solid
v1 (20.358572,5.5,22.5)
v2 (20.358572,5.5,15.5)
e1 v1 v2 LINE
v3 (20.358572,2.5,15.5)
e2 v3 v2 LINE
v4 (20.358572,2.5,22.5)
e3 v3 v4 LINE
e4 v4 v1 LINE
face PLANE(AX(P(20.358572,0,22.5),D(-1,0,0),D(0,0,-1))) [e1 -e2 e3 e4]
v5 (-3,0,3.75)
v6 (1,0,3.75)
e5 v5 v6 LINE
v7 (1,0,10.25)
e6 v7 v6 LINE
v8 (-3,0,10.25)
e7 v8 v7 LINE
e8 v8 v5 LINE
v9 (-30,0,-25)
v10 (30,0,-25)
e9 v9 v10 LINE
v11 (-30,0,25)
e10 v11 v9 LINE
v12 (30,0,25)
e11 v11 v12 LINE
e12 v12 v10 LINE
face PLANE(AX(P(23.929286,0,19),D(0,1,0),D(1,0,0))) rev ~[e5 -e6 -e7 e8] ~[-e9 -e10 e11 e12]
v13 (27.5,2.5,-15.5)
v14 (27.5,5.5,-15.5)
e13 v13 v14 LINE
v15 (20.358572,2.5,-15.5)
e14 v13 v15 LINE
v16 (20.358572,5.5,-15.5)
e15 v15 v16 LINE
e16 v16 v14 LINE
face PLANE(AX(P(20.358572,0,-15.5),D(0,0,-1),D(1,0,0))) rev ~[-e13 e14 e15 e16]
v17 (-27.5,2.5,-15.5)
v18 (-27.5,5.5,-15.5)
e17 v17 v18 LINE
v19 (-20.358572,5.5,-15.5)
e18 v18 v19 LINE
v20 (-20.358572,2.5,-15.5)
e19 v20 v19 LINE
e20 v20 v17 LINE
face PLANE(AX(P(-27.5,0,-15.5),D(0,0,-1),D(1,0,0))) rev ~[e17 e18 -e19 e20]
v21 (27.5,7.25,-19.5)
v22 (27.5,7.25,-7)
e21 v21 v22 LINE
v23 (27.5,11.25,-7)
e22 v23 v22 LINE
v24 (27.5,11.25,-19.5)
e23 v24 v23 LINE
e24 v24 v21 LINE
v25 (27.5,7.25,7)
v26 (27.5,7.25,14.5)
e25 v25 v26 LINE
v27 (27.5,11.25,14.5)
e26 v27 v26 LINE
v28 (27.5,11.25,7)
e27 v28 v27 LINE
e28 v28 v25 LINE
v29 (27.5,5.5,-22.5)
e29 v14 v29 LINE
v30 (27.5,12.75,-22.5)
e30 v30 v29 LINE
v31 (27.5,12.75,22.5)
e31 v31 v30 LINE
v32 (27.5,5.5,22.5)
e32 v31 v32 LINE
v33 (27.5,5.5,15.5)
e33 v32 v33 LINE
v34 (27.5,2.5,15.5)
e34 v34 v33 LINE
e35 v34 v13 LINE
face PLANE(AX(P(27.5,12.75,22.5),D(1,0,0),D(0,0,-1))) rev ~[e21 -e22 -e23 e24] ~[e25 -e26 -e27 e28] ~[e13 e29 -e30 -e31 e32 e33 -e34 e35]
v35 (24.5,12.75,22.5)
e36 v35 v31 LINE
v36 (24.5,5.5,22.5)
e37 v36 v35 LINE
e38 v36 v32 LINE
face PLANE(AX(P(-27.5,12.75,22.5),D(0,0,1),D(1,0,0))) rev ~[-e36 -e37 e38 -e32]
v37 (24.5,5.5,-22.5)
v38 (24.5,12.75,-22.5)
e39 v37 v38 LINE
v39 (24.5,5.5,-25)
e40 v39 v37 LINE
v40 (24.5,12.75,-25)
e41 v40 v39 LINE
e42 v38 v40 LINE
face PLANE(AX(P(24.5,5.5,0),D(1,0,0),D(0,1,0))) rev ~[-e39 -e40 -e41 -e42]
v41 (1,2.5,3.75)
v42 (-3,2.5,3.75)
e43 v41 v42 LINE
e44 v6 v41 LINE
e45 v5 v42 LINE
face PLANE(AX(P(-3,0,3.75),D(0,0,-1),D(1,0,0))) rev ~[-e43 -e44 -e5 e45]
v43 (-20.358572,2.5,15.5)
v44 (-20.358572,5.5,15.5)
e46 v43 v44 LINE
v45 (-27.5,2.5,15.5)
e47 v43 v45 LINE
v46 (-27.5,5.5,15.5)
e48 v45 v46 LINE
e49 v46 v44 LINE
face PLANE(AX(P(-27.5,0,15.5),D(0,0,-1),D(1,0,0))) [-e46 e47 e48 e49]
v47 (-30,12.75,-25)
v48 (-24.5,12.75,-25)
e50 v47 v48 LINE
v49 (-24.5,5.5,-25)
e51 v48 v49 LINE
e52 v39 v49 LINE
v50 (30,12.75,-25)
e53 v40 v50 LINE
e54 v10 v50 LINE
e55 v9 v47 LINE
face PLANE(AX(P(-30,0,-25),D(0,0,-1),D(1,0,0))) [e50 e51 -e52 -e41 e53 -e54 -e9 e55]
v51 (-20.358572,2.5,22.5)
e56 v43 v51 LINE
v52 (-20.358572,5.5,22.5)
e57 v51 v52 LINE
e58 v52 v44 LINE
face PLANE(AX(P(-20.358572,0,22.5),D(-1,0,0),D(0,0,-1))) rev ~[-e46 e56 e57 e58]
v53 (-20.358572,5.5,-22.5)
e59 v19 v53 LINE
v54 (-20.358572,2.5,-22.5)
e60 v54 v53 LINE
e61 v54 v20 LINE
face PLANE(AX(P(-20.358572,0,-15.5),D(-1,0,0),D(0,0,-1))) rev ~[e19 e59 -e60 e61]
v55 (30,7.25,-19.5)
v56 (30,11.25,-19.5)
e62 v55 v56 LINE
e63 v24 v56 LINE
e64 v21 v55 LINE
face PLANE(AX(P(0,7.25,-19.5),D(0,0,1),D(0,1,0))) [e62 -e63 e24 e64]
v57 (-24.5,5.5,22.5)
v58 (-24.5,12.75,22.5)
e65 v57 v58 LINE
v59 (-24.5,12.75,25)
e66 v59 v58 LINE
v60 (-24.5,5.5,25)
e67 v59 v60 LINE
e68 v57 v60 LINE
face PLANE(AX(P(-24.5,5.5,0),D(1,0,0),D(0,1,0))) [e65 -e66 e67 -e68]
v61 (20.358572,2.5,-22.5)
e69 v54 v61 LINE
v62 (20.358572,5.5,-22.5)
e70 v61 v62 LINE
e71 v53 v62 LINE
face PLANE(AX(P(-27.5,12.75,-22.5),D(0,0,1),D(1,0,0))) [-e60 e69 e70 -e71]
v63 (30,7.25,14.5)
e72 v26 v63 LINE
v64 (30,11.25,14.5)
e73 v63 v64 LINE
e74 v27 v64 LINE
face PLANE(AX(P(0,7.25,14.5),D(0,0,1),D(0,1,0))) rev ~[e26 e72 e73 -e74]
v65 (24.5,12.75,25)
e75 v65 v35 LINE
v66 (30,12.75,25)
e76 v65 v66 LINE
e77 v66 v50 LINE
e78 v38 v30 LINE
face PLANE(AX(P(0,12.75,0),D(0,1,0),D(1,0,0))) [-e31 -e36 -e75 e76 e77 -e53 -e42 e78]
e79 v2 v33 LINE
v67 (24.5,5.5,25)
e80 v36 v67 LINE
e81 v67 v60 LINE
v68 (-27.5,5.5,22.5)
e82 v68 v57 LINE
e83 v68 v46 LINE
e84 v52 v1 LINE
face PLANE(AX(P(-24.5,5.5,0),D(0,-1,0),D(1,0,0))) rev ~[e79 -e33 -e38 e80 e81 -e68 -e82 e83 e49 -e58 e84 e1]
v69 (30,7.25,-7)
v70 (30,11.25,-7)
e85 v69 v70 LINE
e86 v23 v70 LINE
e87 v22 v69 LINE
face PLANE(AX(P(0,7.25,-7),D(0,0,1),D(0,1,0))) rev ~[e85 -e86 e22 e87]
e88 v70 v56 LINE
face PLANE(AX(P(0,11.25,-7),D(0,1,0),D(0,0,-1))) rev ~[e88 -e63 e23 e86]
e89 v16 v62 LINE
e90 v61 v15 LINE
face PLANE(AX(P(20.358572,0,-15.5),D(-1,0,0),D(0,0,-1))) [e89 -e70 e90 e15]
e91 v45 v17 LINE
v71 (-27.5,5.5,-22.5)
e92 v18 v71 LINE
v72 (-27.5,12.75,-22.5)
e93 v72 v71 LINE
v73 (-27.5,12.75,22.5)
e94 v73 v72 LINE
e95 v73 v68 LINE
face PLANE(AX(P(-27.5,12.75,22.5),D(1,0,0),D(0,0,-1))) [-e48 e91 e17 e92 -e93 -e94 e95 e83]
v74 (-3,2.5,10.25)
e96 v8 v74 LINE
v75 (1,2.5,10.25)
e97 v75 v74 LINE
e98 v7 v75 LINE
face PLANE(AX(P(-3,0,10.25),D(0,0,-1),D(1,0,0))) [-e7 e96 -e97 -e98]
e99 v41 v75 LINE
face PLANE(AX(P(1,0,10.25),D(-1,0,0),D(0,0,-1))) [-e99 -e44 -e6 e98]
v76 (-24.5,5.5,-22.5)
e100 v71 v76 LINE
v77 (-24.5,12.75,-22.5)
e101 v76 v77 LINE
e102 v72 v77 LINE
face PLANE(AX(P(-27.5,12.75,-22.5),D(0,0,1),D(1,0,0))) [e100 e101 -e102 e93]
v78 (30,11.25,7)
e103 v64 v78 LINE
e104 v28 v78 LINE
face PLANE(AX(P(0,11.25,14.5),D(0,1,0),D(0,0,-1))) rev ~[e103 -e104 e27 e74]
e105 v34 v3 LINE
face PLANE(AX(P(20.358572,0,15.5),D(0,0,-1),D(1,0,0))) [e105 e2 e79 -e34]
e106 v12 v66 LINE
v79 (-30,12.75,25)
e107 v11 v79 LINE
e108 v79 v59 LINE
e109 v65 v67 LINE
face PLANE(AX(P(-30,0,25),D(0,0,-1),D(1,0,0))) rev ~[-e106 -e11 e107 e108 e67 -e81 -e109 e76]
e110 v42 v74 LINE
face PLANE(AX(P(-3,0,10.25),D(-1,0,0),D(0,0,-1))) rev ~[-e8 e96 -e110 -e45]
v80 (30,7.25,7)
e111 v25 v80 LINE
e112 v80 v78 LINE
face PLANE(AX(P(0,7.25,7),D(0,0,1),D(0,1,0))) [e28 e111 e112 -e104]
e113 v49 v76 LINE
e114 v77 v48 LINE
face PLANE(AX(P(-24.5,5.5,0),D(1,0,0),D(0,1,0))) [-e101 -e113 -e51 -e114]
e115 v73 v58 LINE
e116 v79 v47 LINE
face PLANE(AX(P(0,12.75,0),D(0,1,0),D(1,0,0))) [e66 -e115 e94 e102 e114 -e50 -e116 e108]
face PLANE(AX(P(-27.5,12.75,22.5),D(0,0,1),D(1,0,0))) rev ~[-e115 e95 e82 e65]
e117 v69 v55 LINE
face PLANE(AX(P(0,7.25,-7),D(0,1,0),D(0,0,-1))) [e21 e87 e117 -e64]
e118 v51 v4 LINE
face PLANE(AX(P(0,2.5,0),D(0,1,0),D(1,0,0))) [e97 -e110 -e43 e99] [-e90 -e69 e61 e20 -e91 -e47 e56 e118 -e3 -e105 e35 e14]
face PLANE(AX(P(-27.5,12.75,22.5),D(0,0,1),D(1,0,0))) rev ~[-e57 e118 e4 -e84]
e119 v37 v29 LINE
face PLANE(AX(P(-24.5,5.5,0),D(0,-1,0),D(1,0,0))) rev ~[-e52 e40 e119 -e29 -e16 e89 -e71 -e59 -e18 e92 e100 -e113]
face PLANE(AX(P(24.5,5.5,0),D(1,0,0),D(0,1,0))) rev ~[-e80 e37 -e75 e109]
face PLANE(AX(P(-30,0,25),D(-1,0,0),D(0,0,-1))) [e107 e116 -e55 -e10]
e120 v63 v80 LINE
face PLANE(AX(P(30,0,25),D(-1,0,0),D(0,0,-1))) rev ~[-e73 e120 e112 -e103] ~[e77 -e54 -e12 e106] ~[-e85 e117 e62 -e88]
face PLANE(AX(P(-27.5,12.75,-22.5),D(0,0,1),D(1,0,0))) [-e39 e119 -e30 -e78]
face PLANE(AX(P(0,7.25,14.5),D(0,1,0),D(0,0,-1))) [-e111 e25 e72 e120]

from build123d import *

# Parameters (mm, degrees)
CROQUIS1_W              = 60
CROQUIS1_H              = 50
SALIENTE_EXTRUIR1_DEPTH = 12.75
CORTAR_EXTRUIR2_START   = 12.75
CROQUIS2_W              = 55
CROQUIS2_H              = 45
CORTAR_EXTRUIR2_DEPTH   = 10.25
CROQUIS3_W              = 4
CROQUIS3_H              = 6.5
CORTAR_EXTRUIR3_DEPTH   = 10.25
CROQUIS5_W              = 49
CROQUIS5_H              = 7.25
CORTAR_EXTRUIR4_DEPTH   = 45.125
CROQUIS6_W              = 7.5
CROQUIS6_H              = 4
CROQUIS6_W_2            = 12.5
CORTAR_EXTRUIR5_DEPTH   = 60
CROQUIS8_W              = 7.141428429
CROQUIS8_H              = 7
SALIENTE_EXTRUIR6_DEPTH = 5.5


with BuildPart() as part:
    # Croquis1 → Saliente-Extruir1 (new body)
    with BuildSketch(Plane(origin=(0, 0, 0), x_dir=(1, 0, 0), z_dir=(0, 1, 0))):
        Rectangle(CROQUIS1_W, CROQUIS1_H)
    extrude(amount=SALIENTE_EXTRUIR1_DEPTH)

    # Croquis2 → Cortar-Extruir2 (cut)
    with BuildSketch(Plane(origin=(0, 0, 0), x_dir=(1, 0, 0), z_dir=(0, 1, 0)).offset(CORTAR_EXTRUIR2_START)):
        Rectangle(CROQUIS2_W, CROQUIS2_H)
    extrude(amount=-CORTAR_EXTRUIR2_DEPTH, mode=Mode.SUBTRACT)

    # Croquis3 → Cortar-Extruir3 (cut)
    with BuildSketch(Plane(origin=(0, 0, 0), x_dir=(1, 0, 0), z_dir=(0, 1, 0))):
        with Locations((-1, -7)):
            Rectangle(CROQUIS3_W, CROQUIS3_H)
    extrude(amount=CORTAR_EXTRUIR3_DEPTH, mode=Mode.SUBTRACT)

    # Croquis5 → Cortar-Extruir4 (cut, symmetric)
    with BuildSketch(Plane.XY):
        with Locations((0, 9.125)):
            Rectangle(CROQUIS5_W, CROQUIS5_H)
    extrude(amount=CORTAR_EXTRUIR4_DEPTH, both=True, mode=Mode.SUBTRACT)

    # Croquis6 → Cortar-Extruir5 (cut)
    with BuildSketch(Plane(origin=(0, 0, 0), x_dir=(0, 0, -1), z_dir=(1, 0, 0))):
        with Locations((-10.75, 9.25)):
            Rectangle(CROQUIS6_W, CROQUIS6_H)
        with Locations((13.25, 9.25)):
            Rectangle(CROQUIS6_W_2, CROQUIS6_H)
    extrude(amount=CORTAR_EXTRUIR5_DEPTH, mode=Mode.SUBTRACT)

    # Croquis8 → Saliente-Extruir6 (add)
    with BuildSketch(Plane(origin=(0, 0, 0), x_dir=(1, 0, 0), z_dir=(0, 1, 0))):
        with Locations((23.929285785, -19)):
            Rectangle(CROQUIS8_W, CROQUIS8_H)
        with Locations((-23.929285785, -19)):
            Rectangle(CROQUIS8_W, CROQUIS8_H)
        with Locations((23.929285785, 19)):
            Rectangle(CROQUIS8_W, CROQUIS8_H)
        with Locations((-23.929285785, 19)):
            Rectangle(CROQUIS8_W, CROQUIS8_H)
    extrude(amount=SALIENTE_EXTRUIR6_DEPTH)


solid = part.part
